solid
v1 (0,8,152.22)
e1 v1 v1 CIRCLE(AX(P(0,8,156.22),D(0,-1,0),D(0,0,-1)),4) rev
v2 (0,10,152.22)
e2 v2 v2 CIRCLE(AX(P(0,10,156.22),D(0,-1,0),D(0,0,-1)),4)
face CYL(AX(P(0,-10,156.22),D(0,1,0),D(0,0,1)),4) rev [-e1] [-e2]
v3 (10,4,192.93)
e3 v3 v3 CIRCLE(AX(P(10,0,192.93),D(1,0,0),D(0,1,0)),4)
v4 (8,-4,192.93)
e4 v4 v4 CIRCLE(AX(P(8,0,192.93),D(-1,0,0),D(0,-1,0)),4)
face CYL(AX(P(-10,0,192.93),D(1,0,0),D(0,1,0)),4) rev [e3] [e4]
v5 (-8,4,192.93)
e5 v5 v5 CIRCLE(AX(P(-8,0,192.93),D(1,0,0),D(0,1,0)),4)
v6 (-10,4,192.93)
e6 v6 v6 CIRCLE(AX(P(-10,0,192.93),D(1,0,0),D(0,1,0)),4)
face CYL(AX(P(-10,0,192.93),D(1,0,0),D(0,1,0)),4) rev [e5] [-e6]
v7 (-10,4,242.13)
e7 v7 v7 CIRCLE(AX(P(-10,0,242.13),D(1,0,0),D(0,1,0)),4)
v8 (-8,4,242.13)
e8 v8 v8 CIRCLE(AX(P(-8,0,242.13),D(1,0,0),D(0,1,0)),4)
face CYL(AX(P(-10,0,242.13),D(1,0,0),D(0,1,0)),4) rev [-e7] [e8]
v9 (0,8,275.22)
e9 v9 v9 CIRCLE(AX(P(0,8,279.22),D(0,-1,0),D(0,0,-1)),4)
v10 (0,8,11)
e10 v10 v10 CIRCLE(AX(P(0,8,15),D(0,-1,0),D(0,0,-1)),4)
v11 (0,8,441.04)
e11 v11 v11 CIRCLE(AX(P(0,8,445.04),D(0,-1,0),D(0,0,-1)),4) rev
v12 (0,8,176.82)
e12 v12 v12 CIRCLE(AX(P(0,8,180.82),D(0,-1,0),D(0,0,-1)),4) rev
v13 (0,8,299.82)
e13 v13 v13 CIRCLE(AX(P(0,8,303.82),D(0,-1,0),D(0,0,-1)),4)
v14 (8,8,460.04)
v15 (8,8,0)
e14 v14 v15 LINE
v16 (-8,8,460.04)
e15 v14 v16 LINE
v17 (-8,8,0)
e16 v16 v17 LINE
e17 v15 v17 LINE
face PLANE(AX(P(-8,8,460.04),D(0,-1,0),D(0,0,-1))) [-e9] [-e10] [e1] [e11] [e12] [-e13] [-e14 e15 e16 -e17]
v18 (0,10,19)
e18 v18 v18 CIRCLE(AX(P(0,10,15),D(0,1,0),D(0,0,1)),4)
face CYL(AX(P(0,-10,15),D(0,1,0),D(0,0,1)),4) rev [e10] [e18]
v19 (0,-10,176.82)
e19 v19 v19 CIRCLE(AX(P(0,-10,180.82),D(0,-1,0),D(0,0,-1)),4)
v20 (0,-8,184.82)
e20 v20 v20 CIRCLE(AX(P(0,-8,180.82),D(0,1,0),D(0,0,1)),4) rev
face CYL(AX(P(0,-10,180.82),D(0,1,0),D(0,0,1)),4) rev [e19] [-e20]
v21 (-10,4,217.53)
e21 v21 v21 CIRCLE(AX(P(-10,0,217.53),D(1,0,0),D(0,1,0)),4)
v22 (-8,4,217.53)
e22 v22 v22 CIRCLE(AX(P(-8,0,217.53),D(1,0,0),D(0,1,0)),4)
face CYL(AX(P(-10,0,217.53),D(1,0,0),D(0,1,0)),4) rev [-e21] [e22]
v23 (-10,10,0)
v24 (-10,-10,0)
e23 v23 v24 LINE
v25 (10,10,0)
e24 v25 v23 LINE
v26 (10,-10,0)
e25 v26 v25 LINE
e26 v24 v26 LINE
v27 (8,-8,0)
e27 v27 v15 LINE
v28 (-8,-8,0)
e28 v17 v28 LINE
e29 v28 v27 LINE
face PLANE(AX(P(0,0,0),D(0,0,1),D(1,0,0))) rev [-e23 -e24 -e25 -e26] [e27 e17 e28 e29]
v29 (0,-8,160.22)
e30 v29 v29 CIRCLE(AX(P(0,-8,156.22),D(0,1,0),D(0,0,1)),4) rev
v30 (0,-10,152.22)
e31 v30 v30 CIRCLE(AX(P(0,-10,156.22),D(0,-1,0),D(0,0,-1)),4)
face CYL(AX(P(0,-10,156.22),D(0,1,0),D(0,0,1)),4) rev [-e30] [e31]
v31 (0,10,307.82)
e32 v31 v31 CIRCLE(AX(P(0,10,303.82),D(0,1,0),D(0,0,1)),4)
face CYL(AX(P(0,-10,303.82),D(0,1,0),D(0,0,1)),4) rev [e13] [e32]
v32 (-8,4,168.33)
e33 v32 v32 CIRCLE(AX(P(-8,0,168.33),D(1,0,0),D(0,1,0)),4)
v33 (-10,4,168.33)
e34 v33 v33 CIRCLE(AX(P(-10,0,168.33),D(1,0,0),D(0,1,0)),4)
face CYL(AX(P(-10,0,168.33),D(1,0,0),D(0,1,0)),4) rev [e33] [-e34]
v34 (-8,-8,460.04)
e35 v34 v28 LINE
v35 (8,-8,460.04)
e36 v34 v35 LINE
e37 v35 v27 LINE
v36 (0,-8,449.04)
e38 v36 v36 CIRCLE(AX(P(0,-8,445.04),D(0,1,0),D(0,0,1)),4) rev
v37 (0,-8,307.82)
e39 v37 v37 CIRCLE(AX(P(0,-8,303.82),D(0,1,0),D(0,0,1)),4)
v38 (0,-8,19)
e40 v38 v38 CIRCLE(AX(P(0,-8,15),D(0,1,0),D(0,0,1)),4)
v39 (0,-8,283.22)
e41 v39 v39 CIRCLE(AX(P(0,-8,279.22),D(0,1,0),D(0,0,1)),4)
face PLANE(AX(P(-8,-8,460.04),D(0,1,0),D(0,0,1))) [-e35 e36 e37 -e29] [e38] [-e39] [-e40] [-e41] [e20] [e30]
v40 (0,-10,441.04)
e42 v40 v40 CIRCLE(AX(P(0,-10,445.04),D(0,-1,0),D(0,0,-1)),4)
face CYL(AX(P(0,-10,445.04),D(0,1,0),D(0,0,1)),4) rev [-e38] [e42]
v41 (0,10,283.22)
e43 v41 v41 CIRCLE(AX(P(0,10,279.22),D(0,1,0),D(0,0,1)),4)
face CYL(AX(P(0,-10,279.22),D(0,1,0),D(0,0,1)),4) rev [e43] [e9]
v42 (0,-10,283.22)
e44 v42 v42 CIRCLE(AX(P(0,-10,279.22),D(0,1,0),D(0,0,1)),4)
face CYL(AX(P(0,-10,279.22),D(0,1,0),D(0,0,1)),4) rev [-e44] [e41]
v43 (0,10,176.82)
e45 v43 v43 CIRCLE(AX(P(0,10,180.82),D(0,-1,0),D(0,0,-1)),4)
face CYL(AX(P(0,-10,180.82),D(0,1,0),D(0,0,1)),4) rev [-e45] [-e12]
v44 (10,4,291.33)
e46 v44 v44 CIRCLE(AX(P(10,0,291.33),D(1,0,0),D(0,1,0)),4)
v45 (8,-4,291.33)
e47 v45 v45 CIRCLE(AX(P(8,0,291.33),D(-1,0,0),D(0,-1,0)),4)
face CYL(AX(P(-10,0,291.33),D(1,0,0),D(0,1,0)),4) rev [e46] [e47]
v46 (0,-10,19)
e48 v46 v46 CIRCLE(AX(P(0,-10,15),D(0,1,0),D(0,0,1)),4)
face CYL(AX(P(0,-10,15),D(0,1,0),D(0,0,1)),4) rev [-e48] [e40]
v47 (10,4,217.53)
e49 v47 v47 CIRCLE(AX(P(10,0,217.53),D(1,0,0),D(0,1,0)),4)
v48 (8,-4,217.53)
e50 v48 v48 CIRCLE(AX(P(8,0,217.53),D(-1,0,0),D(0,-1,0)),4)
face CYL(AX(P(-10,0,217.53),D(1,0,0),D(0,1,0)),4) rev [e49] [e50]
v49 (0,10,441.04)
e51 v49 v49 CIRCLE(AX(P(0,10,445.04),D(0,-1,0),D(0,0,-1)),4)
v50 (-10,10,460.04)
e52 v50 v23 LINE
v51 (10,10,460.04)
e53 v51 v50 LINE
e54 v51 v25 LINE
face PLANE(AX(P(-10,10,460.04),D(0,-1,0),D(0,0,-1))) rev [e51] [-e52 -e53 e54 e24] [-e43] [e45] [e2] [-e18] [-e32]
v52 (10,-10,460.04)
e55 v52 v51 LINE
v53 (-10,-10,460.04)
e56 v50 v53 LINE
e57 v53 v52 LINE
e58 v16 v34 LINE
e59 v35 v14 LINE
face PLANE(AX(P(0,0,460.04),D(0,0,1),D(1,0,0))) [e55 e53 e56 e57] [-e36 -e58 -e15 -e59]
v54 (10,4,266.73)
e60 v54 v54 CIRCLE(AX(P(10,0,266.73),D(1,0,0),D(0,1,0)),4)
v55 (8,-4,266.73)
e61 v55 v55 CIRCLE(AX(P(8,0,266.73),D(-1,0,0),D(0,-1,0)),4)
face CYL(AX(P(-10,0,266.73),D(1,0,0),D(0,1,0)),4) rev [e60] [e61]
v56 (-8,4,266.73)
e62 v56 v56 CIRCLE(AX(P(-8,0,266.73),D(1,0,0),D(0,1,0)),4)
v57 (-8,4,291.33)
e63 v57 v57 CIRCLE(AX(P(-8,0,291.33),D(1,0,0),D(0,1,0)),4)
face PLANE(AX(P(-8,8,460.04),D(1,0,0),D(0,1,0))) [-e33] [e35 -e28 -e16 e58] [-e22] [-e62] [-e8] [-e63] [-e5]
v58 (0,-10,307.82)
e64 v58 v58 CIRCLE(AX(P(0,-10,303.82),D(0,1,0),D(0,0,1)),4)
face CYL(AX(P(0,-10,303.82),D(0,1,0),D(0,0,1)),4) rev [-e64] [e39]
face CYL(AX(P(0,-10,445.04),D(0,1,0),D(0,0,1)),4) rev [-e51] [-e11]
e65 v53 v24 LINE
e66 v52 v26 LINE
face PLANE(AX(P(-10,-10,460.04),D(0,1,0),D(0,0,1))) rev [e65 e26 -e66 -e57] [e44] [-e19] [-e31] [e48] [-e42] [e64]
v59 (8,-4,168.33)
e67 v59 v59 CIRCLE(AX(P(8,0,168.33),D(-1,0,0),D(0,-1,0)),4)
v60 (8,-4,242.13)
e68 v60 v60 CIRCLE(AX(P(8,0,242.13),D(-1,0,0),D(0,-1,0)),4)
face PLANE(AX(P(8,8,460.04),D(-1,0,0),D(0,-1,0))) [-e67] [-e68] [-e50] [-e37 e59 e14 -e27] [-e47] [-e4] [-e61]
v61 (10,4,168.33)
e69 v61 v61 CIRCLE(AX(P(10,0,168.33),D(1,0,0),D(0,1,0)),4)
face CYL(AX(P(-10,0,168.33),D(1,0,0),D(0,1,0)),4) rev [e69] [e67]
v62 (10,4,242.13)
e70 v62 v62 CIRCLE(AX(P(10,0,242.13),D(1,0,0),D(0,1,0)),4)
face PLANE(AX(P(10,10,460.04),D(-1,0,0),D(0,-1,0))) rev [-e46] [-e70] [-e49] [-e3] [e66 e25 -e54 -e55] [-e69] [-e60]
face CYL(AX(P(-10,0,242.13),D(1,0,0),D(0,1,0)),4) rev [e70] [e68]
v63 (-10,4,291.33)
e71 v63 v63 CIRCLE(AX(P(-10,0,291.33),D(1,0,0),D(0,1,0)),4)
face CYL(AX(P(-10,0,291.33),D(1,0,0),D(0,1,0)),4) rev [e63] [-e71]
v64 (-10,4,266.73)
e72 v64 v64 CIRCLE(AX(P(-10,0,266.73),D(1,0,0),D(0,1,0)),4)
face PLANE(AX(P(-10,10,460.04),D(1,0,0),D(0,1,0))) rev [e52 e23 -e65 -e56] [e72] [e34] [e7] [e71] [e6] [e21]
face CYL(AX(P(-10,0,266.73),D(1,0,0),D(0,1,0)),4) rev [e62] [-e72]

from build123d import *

# Parameters (mm, degrees)
SKETCH1_W           = 20
SKETCH1_H           = 20
SKETCH1_W_2         = 16
SKETCH1_H_2         = 16
BOSS_EXTRUDE1_DEPTH = 460.04
SKETCH2_R           = 4
CUT_EXTRUDE1_DEPTH  = 461.583110415
SKETCH5_R           = 4
CUT_EXTRUDE2_DEPTH  = 461.583110415
LPATTERN1_COUNT     = 6
LPATTERN1_PITCH     = 24.6
SKETCH6_R           = 4
CUT_EXTRUDE3_DEPTH  = 461.583110415


with BuildPart() as part:
    # Sketch1 → Boss-Extrude1 (new body)
    with BuildSketch(Plane.XY):
        Rectangle(SKETCH1_W, SKETCH1_H)
        Rectangle(SKETCH1_W_2, SKETCH1_H_2, mode=Mode.SUBTRACT)
    extrude(amount=BOSS_EXTRUDE1_DEPTH)

    # Sketch2 → Cut-Extrude1 (cut, through all)
    with BuildSketch(Plane(origin=(0, 10, 0), x_dir=(1, 0, 0), z_dir=(0, 1, 0))):
        with Locations(Location((0, -15, 0), (0, 0, 270))):
            Circle(SKETCH2_R)
    cut_extrude1 = extrude(amount=-CUT_EXTRUDE1_DEPTH, mode=Mode.SUBTRACT)

    # Mirror1: Cut-Extrude1 across plane
    add(cut_extrude1.mirror(Plane.XY.offset(230.02)), mode=Mode.SUBTRACT)

    # Sketch5 → Cut-Extrude2 (cut, through all)
    with BuildSketch(Plane(origin=(10, 0, 0), x_dir=(0, 0, -1), z_dir=(1, 0, 0))):
        with Locations(Location((-291.33, 0, 0), (0, 0, 90))):
            Circle(SKETCH5_R)
    cut_extrude2 = extrude(amount=-CUT_EXTRUDE2_DEPTH, mode=Mode.SUBTRACT)

    # LPattern1: Cut-Extrude2 ×6
    with Locations(*[(0, 0, -i * LPATTERN1_PITCH) for i in range(1, LPATTERN1_COUNT)]):
        add(cut_extrude2, mode=Mode.SUBTRACT)

    # Sketch6 → Cut-Extrude3 (cut, through all)
    with BuildSketch(Plane(origin=(0, 10, 0), x_dir=(1, 0, 0), z_dir=(0, 1, 0))):
        with Locations(Location((0, -303.82, 0), (0, 0, 270))):
            Circle(SKETCH6_R)
        with Locations(Location((0, -279.22, 0), (0, 0, 270))):
            Circle(SKETCH6_R)
    cut_extrude3 = extrude(amount=-CUT_EXTRUDE3_DEPTH, mode=Mode.SUBTRACT)

    # Mirror2: Cut-Extrude3 across plane
    add(cut_extrude3.mirror(Plane.XY.offset(230.02)), mode=Mode.SUBTRACT)


solid = part.part
